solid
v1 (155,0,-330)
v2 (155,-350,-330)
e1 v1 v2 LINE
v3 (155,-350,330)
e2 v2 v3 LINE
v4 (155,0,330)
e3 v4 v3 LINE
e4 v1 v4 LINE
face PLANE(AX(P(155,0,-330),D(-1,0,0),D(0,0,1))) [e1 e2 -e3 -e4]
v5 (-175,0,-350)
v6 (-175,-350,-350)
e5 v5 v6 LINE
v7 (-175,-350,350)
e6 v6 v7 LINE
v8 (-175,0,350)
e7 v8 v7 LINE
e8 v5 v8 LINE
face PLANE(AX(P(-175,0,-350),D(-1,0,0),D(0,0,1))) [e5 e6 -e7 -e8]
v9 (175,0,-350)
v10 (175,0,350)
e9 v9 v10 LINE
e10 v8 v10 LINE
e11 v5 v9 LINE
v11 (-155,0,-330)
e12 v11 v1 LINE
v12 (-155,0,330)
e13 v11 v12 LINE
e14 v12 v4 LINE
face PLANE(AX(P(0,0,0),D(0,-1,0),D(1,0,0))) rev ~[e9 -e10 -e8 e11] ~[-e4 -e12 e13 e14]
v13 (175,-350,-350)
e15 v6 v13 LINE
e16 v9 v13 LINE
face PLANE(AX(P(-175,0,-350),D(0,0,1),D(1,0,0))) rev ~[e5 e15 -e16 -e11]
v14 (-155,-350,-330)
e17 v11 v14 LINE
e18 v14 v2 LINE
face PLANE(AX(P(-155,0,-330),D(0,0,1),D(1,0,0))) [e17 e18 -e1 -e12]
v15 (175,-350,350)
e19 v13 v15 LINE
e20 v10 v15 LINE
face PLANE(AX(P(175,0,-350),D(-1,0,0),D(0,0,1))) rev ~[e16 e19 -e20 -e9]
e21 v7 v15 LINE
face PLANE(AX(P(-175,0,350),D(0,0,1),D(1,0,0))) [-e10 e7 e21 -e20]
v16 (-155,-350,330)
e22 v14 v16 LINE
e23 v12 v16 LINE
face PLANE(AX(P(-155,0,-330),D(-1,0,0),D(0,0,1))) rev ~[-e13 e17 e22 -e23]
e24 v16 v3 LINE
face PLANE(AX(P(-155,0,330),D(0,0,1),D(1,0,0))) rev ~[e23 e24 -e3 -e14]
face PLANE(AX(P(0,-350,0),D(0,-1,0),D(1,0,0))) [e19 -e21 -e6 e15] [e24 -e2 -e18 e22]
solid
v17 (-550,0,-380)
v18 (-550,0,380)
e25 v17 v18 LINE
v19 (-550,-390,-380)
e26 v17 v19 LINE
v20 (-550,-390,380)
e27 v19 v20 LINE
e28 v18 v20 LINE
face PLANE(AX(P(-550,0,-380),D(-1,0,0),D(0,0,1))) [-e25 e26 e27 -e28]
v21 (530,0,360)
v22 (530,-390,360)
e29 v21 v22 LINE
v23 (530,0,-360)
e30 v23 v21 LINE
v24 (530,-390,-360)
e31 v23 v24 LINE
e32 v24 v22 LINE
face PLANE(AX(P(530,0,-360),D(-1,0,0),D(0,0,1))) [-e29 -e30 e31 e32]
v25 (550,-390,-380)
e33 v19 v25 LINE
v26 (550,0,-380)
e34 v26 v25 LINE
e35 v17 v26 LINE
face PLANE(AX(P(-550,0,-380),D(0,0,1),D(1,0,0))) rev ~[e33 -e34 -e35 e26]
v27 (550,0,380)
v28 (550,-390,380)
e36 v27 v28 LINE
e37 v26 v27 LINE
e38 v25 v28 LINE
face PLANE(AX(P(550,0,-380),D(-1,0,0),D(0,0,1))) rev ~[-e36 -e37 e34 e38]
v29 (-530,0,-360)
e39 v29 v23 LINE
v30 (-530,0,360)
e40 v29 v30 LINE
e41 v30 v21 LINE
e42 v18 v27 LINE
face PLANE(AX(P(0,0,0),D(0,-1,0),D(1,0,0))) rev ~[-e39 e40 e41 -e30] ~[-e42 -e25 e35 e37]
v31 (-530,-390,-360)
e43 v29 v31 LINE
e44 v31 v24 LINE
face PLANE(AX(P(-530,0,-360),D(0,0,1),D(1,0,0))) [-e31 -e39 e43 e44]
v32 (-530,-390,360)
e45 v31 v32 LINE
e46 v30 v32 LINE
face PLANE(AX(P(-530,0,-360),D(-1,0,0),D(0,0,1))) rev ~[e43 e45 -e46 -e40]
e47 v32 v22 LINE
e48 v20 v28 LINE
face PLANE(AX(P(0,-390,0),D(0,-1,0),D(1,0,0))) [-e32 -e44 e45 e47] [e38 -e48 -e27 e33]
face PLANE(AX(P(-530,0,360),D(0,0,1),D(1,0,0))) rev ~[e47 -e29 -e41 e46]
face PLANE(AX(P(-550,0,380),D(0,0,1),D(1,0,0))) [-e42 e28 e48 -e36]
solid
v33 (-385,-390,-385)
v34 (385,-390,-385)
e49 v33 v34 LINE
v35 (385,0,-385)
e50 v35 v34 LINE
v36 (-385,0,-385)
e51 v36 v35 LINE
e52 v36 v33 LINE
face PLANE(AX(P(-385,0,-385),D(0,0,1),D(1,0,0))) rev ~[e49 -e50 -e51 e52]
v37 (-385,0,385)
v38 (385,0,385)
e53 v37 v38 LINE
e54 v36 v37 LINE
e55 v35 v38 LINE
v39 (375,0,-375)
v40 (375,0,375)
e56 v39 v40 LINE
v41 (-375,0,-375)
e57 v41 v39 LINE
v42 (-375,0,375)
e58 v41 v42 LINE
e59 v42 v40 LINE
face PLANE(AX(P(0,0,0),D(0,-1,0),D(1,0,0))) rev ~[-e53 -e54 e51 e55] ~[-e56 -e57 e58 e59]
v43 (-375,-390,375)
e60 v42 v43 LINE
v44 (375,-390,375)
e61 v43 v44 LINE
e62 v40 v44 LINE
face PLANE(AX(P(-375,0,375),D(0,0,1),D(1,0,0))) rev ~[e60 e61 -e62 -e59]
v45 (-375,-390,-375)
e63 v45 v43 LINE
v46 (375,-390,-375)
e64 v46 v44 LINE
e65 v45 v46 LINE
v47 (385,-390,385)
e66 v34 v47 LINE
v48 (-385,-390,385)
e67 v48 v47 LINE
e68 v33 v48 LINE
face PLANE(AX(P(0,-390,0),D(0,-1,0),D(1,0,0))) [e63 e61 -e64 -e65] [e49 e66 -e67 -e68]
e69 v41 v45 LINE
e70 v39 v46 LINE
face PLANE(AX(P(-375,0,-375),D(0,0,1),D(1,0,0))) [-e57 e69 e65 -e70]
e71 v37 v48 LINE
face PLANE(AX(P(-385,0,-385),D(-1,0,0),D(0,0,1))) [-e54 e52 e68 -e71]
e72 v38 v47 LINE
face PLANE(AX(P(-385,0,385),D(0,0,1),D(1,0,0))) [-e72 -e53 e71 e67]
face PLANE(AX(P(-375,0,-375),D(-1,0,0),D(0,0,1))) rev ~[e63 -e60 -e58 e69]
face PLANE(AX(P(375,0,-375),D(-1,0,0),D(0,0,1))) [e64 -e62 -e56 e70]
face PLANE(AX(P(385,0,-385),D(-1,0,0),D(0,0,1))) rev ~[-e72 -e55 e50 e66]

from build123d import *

# Parameters (mm, degrees)
F0_W     = 770
F0_H     = 770
F0_W_2   = 750
F0_H_2   = 750
F1_DEPTH = 390
F2_W     = 1100
F2_H     = 760
F2_W_2   = 1060
F2_H_2   = 720
F3_DEPTH = 390
F4_W     = 350
F4_H     = 700
F4_W_2   = 310
F4_H_2   = 660
F5_DEPTH = 350


with BuildPart() as f1:
    # F0 (on Front) → F1 (new body)
    with BuildSketch(Plane.XZ):
        Rectangle(F0_W, F0_H)
        Rectangle(F0_W_2, F0_H_2, mode=Mode.SUBTRACT)
    extrude(amount=F1_DEPTH)


with BuildPart() as f3:
    # F2 (on Front) → F3 (new body)
    with BuildSketch(Plane.XZ):
        Rectangle(F2_W, F2_H)
        Rectangle(F2_W_2, F2_H_2, mode=Mode.SUBTRACT)
    extrude(amount=F3_DEPTH)


with BuildPart() as f5:
    # F4 (on Front) → F5 (new body)
    with BuildSketch(Plane.XZ):
        Rectangle(F4_W, F4_H)
        Rectangle(F4_W_2, F4_H_2, mode=Mode.SUBTRACT)
    extrude(amount=F5_DEPTH)


solid = Compound([f1.part, f3.part, f5.part])
